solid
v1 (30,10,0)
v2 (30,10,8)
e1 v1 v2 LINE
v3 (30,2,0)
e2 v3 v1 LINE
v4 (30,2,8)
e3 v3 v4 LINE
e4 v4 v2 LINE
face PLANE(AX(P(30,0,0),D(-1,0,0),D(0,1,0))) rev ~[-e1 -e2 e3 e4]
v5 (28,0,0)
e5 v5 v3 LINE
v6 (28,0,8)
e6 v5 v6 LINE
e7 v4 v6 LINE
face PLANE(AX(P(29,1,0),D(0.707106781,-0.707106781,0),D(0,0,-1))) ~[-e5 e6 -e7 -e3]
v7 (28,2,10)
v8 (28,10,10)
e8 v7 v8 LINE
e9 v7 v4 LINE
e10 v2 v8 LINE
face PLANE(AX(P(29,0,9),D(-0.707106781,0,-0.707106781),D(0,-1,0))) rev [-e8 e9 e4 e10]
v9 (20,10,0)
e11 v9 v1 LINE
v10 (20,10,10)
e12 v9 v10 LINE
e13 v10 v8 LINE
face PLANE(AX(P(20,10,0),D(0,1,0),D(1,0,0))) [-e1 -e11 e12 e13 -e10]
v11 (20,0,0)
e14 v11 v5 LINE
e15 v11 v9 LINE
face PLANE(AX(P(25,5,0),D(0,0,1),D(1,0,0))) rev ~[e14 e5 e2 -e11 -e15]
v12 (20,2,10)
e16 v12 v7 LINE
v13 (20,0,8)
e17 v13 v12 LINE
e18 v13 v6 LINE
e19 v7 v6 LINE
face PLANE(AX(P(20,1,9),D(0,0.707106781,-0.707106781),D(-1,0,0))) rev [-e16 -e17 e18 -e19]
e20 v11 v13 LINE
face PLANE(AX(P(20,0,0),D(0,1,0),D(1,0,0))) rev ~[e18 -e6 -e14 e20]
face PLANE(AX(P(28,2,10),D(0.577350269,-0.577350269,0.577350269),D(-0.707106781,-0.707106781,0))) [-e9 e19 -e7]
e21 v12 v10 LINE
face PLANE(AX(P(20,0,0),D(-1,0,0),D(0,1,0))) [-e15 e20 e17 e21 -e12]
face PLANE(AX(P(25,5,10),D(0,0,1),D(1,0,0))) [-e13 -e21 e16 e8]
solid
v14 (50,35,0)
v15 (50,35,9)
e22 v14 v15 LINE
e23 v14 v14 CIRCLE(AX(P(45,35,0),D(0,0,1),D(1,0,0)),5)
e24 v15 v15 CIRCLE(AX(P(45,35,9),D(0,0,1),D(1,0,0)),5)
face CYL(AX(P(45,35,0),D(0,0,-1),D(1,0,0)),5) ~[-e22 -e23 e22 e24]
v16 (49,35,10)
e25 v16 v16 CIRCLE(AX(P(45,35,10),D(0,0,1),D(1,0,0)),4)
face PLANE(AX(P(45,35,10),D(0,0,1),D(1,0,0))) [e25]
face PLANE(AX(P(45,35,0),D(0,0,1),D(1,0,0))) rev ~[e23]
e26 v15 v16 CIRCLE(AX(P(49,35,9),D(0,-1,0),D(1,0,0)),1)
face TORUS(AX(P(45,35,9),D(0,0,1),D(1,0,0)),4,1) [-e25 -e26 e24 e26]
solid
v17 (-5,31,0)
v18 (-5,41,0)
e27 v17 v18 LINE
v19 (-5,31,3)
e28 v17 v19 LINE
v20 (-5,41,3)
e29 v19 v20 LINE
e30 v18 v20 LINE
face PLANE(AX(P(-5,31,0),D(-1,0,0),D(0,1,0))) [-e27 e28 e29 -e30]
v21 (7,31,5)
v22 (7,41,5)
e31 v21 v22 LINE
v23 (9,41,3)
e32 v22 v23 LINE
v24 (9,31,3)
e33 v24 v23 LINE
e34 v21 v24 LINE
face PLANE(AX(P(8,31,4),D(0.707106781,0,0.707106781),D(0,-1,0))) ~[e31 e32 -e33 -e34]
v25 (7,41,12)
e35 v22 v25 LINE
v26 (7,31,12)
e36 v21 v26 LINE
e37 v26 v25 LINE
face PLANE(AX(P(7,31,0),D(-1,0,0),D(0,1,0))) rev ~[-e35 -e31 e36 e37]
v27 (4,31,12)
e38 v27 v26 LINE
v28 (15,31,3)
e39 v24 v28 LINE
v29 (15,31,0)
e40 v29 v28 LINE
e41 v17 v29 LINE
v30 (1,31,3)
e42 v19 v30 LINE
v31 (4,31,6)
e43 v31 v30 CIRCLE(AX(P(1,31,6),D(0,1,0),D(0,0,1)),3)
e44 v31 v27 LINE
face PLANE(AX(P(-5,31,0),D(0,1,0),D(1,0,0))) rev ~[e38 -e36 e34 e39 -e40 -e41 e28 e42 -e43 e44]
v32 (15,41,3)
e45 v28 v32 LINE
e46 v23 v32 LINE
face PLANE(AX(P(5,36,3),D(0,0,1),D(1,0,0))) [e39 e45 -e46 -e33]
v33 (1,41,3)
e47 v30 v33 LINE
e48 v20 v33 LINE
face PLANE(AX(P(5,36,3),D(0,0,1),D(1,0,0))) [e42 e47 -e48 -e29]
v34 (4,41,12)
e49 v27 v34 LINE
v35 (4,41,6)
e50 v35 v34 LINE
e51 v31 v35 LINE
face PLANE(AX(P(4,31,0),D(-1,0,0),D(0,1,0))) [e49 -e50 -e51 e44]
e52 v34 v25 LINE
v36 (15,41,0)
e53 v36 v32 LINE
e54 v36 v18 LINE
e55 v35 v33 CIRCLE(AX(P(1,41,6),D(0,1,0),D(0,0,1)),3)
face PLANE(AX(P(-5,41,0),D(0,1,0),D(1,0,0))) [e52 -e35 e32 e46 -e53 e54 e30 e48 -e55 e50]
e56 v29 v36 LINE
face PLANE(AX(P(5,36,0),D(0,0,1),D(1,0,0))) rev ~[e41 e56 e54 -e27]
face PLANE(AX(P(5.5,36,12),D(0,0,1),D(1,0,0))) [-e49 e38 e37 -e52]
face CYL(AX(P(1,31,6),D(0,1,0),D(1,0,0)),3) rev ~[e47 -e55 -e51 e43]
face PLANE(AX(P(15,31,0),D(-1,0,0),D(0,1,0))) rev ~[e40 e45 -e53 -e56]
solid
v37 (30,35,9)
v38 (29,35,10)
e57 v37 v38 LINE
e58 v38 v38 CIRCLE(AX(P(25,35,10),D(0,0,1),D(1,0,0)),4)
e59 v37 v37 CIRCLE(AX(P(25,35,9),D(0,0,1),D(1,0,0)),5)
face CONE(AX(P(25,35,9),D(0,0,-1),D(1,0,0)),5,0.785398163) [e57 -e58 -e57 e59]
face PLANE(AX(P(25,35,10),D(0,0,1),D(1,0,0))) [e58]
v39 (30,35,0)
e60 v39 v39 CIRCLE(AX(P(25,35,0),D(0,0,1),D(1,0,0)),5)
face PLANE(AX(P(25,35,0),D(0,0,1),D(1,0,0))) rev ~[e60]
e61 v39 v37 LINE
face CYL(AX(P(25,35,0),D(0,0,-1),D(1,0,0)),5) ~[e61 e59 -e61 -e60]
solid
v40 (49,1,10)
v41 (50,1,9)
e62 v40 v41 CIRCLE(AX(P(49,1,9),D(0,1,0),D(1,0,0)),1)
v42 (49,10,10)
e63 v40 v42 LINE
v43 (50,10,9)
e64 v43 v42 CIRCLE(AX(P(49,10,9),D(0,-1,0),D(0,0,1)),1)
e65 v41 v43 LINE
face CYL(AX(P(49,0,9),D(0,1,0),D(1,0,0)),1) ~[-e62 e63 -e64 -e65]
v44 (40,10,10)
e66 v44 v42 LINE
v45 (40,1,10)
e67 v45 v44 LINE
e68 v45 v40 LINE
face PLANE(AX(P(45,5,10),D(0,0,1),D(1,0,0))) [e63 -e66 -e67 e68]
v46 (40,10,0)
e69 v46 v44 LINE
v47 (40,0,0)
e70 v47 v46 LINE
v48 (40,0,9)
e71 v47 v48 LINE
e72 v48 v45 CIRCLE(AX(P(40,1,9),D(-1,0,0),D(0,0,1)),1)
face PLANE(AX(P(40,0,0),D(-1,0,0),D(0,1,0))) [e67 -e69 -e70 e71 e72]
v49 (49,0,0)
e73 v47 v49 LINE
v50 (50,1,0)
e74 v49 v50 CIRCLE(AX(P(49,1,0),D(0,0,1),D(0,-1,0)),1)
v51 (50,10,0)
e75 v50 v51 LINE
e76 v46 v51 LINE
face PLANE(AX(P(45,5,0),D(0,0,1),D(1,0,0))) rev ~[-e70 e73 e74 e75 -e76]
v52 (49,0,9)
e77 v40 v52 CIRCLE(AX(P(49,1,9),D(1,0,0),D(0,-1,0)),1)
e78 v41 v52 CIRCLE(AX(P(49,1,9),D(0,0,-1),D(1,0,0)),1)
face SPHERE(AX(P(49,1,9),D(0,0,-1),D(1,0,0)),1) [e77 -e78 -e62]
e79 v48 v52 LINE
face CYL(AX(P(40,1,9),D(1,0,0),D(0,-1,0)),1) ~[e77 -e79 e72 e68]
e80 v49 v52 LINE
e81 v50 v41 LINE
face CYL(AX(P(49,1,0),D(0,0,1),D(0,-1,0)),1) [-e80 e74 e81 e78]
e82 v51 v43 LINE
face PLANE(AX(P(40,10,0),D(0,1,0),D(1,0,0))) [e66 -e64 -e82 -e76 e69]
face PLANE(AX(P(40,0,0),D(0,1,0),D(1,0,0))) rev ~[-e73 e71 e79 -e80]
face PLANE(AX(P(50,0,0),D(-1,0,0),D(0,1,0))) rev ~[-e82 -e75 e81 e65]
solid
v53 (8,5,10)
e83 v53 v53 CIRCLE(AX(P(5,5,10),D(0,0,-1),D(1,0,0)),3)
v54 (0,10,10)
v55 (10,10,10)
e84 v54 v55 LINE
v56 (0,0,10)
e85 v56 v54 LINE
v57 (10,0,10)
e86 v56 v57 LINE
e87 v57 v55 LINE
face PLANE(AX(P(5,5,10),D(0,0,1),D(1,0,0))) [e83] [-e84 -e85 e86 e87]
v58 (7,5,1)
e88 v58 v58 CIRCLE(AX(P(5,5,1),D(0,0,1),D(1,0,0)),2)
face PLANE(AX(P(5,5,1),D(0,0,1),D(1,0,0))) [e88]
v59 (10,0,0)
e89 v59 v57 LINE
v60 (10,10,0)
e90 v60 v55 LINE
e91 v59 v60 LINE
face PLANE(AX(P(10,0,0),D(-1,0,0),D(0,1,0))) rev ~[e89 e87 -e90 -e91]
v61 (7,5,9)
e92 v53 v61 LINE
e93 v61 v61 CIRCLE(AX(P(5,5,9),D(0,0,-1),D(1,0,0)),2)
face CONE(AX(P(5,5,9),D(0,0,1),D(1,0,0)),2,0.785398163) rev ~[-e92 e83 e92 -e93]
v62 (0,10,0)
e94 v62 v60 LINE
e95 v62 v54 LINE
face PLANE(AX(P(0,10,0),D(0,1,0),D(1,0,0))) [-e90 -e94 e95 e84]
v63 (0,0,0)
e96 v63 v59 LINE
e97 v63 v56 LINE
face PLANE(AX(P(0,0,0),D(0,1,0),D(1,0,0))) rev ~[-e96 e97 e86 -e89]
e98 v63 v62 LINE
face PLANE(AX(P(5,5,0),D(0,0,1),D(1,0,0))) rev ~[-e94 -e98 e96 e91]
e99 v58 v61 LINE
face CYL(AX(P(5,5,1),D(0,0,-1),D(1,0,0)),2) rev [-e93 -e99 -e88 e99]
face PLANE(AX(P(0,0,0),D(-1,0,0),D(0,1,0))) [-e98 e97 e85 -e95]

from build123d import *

# Parameters (mm, degrees)
BOX001_W          = 10
BOX001_H          = 10
BOX001_DEPTH      = 10
FILLET_R          = 1
BOX_W             = 10
BOX_H             = 10
BOX_DEPTH         = 10
CHAMFER_SIZE      = 2
CYLINDER_R        = 2
CYLINDER_DEPTH    = 10
BOX002_W          = 10
BOX002_H          = 10
BOX002_DEPTH      = 10
CHAMFER001_SIZE   = 1
CYLINDER001_R     = 5
CYLINDER001_DEPTH = 10
FILLET001_R       = 1
CYLINDER002_R     = 5
CYLINDER002_DEPTH = 10
CHAMFER002_SIZE   = 1
BOX003_W          = 20
BOX003_H          = 10
BOX003_DEPTH      = 3
BOX004_W          = 3
BOX004_H          = 10
BOX004_DEPTH      = 12
CHAMFER003_SIZE   = 2
FILLET002_R       = 3


with BuildPart() as fillet_body:
    # Box001 → Box001 (new body)
    with BuildSketch(Plane(origin=(40, 0, 0), x_dir=(1, 0, 0), z_dir=(0, 0, 1))):
        with Locations((5, 5)):
            Rectangle(BOX001_W, BOX001_H)
    extrude(amount=BOX001_DEPTH)

    # Fillet
    fillet_edges = [fillet_body.edges().sort_by_distance(p)[0] for p in [
        (50, 0, 5),
        (50, 5, 10),
        (45, 0, 10),
    ]]
    fillet(fillet_edges, radius=FILLET_R)


with BuildPart() as chamfer_body:
    # Box → Box (new body)
    with BuildSketch(Plane(origin=(20, 0, 0), x_dir=(1, 0, 0), z_dir=(0, 0, 1))):
        with Locations((5, 5)):
            Rectangle(BOX_W, BOX_H)
    extrude(amount=BOX_DEPTH)

    # Chamfer
    chamfer_edges = [chamfer_body.edges().sort_by_distance(p)[0] for p in [
        (30, 0, 5),
        (30, 5, 10),
        (25, 0, 10),
    ]]
    chamfer(chamfer_edges, length=CHAMFER_SIZE)


with BuildPart() as cylinder:
    # Cylinder → Cylinder (new body)
    with BuildSketch(Plane.XY.offset(1)):
        Circle(CYLINDER_R)
    extrude(amount=CYLINDER_DEPTH)


with BuildPart() as chamfer001:
    # Box002 → Box002 (new body)
    with BuildSketch(Plane(origin=(-5, -5, 0), x_dir=(1, 0, 0), z_dir=(0, 0, 1))):
        with Locations((5, 5)):
            Rectangle(BOX002_W, BOX002_H)
    extrude(amount=BOX002_DEPTH)

    # Cut: cut Cylinder
    add(cylinder.part, mode=Mode.SUBTRACT)


with BuildPart() as chamfer001_1:
    # Cut placement: moved
    add(chamfer001.part.moved(Location((5, 5, 0))))

    # Chamfer001
    chamfer001_edges = [chamfer001_1.edges().sort_by_distance(p)[0] for p in [
        (3, 5, 10),
    ]]
    chamfer(chamfer001_edges, length=CHAMFER001_SIZE)


with BuildPart() as fillet001:
    # Cylinder001 → Cylinder001 (new body)
    with BuildSketch(Plane(origin=(45, 35, 0), x_dir=(1, 0, 0), z_dir=(0, 0, 1))):
        Circle(CYLINDER001_R)
    extrude(amount=CYLINDER001_DEPTH)

    # Fillet001
    fillet001_edges = [fillet001.edges().sort_by_distance(p)[0] for p in [
        (40, 35, 10),
    ]]
    fillet(fillet001_edges, radius=FILLET001_R)


with BuildPart() as chamfer002:
    # Cylinder002 → Cylinder002 (new body)
    with BuildSketch(Plane(origin=(25, 35, 0), x_dir=(1, 0, 0), z_dir=(0, 0, 1))):
        Circle(CYLINDER002_R)
    extrude(amount=CYLINDER002_DEPTH)

    # Chamfer002
    chamfer002_edges = [chamfer002.edges().sort_by_distance(p)[0] for p in [
        (20, 35, 10),
    ]]
    chamfer(chamfer002_edges, length=CHAMFER002_SIZE)


with BuildPart() as base:
    # Box003 → Box003 (new body)
    with BuildSketch(Plane.XY):
        with Locations((10, 5)):
            Rectangle(BOX003_W, BOX003_H)
    extrude(amount=BOX003_DEPTH)


with BuildPart() as fillet002:
    # Box004 → Box004 (new body)
    with BuildSketch(Plane(origin=(9, 0, 0), x_dir=(1, 0, 0), z_dir=(0, 0, 1))):
        with Locations((1.5, 5)):
            Rectangle(BOX004_W, BOX004_H)
    extrude(amount=BOX004_DEPTH)

    # Fusion: union base
    add(base.part)


with BuildPart() as fillet002_1:
    # Fusion placement: moved
    add(fillet002.part.moved(Location((-5, 31, 0))))

    # Chamfer003
    chamfer003_edges = [fillet002_1.edges().sort_by_distance(p)[0] for p in [
        (7, 36, 3),
    ]]
    chamfer(chamfer003_edges, length=CHAMFER003_SIZE)

    # Fillet002
    fillet002_edges = [fillet002_1.edges().sort_by_distance(p)[0] for p in [
        (4, 36, 3),
    ]]
    fillet(fillet002_edges, radius=FILLET002_R)


solid = Compound([fillet_body.part, chamfer_body.part, chamfer001_1.part, fillet001.part, chamfer002.part, fillet002_1.part])
